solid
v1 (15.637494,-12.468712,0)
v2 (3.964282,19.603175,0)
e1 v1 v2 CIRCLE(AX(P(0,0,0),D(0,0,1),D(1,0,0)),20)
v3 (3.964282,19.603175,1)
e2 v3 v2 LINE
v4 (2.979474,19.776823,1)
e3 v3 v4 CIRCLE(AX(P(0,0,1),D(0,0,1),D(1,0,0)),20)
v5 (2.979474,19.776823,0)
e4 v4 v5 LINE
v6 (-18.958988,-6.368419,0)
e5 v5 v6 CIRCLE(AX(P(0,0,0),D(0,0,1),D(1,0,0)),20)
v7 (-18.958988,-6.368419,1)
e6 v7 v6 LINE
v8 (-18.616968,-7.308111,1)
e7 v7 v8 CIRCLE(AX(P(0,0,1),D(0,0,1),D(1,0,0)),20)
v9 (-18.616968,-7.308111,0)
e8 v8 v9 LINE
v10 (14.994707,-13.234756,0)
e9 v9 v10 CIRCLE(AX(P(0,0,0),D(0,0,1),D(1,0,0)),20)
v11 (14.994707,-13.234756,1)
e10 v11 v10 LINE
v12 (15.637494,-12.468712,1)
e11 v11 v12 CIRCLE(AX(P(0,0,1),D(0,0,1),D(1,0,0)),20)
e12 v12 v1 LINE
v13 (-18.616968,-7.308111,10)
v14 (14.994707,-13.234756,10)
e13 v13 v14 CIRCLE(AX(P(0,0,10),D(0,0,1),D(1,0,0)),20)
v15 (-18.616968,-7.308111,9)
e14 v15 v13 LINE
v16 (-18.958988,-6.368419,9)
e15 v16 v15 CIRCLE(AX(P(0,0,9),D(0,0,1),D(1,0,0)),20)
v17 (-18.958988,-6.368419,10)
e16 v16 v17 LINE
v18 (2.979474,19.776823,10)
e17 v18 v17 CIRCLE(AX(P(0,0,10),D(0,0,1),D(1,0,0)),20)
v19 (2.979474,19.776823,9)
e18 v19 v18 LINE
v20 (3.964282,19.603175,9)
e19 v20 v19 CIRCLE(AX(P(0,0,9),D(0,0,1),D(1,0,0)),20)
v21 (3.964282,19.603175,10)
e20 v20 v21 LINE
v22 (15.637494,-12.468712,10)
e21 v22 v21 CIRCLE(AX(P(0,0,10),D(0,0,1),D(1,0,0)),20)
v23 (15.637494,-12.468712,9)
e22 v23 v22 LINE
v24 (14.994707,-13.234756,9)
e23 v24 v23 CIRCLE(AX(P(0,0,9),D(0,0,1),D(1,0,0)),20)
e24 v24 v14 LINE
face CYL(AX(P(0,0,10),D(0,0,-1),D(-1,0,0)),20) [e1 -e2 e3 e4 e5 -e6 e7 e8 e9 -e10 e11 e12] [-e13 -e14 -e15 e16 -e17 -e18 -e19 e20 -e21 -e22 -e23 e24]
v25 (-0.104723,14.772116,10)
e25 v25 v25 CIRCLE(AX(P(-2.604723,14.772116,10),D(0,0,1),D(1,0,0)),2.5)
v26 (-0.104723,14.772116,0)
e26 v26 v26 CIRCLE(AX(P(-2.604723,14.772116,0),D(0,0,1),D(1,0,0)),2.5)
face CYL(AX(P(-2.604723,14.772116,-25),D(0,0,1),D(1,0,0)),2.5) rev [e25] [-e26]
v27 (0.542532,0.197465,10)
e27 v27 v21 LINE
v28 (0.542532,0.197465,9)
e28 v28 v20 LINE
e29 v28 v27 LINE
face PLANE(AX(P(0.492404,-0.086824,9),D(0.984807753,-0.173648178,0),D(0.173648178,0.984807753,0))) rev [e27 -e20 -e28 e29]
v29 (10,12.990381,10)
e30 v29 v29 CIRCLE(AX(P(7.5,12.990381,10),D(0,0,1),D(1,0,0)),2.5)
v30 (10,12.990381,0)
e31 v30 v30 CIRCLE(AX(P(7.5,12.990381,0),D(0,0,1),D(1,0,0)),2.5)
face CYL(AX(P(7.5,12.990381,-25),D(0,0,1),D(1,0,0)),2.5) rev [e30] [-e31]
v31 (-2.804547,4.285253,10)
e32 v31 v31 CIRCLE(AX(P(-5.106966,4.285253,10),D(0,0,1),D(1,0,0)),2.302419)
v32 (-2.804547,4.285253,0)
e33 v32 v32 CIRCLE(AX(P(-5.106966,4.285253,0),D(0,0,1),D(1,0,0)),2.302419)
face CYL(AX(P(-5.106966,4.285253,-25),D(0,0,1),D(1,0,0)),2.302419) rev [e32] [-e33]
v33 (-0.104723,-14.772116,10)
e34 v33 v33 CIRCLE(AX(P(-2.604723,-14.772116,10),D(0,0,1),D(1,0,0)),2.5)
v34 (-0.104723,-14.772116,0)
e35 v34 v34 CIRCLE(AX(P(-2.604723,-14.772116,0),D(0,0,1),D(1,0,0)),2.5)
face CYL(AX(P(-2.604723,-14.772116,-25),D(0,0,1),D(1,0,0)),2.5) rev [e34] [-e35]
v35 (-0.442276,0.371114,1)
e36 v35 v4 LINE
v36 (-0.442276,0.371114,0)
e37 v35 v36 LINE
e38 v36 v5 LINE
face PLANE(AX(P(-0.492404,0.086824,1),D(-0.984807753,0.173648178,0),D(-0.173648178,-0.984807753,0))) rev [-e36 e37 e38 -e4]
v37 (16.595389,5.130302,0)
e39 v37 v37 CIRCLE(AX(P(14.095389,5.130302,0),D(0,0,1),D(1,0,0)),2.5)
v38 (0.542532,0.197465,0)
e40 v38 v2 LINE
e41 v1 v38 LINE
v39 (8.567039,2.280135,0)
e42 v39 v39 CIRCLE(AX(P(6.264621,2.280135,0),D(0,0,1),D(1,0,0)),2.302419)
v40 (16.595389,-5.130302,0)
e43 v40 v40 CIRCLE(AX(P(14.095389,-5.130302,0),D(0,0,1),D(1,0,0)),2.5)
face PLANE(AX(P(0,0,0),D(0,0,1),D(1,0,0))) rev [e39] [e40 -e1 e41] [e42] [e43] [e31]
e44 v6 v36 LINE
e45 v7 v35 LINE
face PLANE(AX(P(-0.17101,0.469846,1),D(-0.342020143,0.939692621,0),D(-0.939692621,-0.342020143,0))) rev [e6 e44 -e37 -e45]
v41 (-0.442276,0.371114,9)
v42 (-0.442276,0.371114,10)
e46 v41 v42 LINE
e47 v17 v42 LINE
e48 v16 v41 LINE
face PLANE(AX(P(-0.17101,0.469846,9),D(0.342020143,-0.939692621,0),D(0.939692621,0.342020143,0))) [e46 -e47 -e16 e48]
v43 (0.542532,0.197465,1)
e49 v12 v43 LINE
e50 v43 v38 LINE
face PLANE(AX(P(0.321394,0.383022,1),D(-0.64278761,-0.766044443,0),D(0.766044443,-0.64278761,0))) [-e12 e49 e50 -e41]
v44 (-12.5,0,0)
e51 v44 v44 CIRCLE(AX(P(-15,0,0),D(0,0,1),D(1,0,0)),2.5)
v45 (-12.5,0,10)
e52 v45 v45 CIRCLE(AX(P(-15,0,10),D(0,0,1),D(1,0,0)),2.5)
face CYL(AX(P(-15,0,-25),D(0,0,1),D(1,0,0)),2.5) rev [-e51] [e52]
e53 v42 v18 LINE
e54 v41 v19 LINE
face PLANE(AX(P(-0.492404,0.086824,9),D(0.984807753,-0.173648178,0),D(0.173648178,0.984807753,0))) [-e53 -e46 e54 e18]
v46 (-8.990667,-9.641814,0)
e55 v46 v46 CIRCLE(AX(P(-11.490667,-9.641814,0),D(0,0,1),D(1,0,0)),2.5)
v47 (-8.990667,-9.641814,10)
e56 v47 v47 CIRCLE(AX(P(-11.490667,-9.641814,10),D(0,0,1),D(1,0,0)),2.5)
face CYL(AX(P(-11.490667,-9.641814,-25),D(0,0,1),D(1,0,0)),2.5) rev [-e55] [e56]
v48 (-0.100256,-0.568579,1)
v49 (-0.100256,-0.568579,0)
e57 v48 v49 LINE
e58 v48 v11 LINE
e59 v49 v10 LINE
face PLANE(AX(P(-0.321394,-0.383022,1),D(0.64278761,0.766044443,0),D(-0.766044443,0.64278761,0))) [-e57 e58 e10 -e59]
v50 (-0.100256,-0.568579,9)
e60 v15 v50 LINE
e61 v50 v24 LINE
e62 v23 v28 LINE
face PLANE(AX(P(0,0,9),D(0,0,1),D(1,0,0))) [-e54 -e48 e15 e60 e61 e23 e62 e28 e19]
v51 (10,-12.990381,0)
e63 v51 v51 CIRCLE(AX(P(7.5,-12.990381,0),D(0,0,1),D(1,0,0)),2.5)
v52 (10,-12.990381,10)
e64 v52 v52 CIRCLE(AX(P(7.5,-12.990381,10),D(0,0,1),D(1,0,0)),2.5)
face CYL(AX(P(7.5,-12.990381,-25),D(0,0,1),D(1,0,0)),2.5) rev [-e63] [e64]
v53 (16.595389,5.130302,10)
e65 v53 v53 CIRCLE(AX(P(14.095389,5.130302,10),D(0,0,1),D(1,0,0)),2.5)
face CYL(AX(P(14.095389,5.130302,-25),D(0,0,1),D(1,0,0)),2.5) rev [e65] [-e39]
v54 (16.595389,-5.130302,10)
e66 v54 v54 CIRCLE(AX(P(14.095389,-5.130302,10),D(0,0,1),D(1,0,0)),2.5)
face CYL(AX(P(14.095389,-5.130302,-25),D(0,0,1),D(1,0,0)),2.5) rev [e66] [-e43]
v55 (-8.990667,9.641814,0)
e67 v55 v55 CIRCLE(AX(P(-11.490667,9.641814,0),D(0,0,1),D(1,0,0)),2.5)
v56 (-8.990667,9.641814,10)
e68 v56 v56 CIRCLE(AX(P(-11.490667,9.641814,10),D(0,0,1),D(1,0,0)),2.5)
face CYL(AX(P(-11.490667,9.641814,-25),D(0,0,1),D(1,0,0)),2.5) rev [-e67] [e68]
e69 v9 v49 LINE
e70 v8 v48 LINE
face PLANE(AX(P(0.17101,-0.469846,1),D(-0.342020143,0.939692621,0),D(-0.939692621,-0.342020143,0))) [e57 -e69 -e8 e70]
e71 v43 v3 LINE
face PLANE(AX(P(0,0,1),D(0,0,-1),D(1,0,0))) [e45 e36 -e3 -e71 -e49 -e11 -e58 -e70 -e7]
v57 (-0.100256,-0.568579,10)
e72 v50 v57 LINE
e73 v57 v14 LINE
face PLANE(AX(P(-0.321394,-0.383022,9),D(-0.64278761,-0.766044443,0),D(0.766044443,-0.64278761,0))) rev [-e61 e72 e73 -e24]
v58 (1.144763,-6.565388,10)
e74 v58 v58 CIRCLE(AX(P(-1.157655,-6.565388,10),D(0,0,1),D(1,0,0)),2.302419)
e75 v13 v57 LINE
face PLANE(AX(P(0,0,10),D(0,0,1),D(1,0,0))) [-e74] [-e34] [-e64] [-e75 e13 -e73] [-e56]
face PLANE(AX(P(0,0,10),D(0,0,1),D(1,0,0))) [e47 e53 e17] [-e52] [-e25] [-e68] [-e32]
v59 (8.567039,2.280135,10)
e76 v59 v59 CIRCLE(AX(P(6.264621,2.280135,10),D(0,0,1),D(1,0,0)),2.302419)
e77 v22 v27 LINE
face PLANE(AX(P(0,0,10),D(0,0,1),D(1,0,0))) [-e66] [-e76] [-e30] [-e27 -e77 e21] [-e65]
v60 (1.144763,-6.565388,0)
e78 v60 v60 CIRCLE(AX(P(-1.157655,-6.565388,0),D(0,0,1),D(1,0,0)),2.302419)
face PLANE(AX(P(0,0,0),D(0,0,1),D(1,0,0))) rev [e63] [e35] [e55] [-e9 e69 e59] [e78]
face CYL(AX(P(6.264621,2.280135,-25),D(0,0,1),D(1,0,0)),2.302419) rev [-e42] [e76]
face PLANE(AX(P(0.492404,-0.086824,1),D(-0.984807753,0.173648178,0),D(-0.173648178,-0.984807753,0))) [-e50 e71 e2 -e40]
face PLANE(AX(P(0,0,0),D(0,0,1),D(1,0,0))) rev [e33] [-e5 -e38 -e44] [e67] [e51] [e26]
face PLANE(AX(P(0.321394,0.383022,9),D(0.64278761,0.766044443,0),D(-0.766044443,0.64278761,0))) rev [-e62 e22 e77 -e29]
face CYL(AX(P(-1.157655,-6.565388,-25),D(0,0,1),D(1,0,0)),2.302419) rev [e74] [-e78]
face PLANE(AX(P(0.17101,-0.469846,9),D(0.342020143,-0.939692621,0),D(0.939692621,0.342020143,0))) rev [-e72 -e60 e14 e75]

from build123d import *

# Parameters (mm, degrees)
SKETCH1_R           = 20
BOSS_EXTRUDE1_DEPTH = 10
SKETCH2_R           = 2.5
SKETCH2_R_2         = 2.302418505
CUT_EXTRUDE1_DEPTH  = 35
CUT_EXTRUDE2_START  = -1
CUT_EXTRUDE2_DEPTH  = 1


with BuildPart() as part:
    # Sketch1 → Boss-Extrude1 (new body)
    with BuildSketch(Plane.XY):
        Circle(SKETCH1_R)
    extrude(amount=BOSS_EXTRUDE1_DEPTH)

    # Sketch2 → Cut-Extrude1 (cut)
    with BuildSketch(Plane.XY.offset(10)):
        with Locations((-15, 0)):
            Circle(SKETCH2_R)
        with Locations((-11.490666647, 9.641814145)):
            Circle(SKETCH2_R)
        with Locations((-2.604722665, 14.772116295)):
            Circle(SKETCH2_R)
        with Locations((7.5, 12.990381057)):
            Circle(SKETCH2_R)
        with Locations((14.095389312, 5.13030215)):
            Circle(SKETCH2_R)
        with Locations((14.095389312, -5.13030215)):
            Circle(SKETCH2_R)
        with Locations((7.5, -12.990381057)):
            Circle(SKETCH2_R)
        with Locations((-2.604722665, -14.772116295)):
            Circle(SKETCH2_R)
        with Locations((-11.490666647, -9.641814145)):
            Circle(SKETCH2_R)
        with Locations((-5.106965508, 4.285252874)):
            Circle(SKETCH2_R_2)
        with Locations((6.264620604, 2.280135429)):
            Circle(SKETCH2_R_2)
        with Locations((-1.157655097, -6.565388303)):
            Circle(SKETCH2_R_2)
    extrude(amount=-CUT_EXTRUDE1_DEPTH, mode=Mode.SUBTRACT)

    # Sketch3 → Cut-Extrude2 (cut)
    with BuildSketch(Plane.XY.offset(10).offset(CUT_EXTRUDE2_START)):
        with BuildLine():
            ThreePointArc((-18.958988491, -6.368418596), (-18.793852416, -6.840402867), (-18.616968347, -7.308111217))
            Line((-18.616968347, -7.308111217), (-0.100255822, -0.568579021))
            Line((-0.100255822, -0.568579021), (14.994706531, -13.234756365))
            ThreePointArc((14.994706531, -13.234756365), (15.320888862, -12.855752194), (15.637494141, -12.468711922))
            Line((15.637494141, -12.468711922), (0.542531788, 0.197465422))
            Line((0.542531788, 0.197465422), (3.964281959, 19.603174961))
            ThreePointArc((3.964281959, 19.603174961), (3.472963553, 19.69615506), (2.979474206, 19.776823139))
            Line((2.979474206, 19.776823139), (-0.442275965, 0.371113599))
            Line((-0.442275965, 0.371113599), (-18.958988491, -6.368418596))
        make_face()
    cut_extrude2 = extrude(amount=CUT_EXTRUDE2_DEPTH, mode=Mode.SUBTRACT)

    # Mirror1: Cut-Extrude2 across plane
    add(cut_extrude2.mirror(Plane(origin=(0, 0, 5), x_dir=(1, 0, 0), z_dir=(0, 0, -1))), mode=Mode.SUBTRACT)


solid = part.part
